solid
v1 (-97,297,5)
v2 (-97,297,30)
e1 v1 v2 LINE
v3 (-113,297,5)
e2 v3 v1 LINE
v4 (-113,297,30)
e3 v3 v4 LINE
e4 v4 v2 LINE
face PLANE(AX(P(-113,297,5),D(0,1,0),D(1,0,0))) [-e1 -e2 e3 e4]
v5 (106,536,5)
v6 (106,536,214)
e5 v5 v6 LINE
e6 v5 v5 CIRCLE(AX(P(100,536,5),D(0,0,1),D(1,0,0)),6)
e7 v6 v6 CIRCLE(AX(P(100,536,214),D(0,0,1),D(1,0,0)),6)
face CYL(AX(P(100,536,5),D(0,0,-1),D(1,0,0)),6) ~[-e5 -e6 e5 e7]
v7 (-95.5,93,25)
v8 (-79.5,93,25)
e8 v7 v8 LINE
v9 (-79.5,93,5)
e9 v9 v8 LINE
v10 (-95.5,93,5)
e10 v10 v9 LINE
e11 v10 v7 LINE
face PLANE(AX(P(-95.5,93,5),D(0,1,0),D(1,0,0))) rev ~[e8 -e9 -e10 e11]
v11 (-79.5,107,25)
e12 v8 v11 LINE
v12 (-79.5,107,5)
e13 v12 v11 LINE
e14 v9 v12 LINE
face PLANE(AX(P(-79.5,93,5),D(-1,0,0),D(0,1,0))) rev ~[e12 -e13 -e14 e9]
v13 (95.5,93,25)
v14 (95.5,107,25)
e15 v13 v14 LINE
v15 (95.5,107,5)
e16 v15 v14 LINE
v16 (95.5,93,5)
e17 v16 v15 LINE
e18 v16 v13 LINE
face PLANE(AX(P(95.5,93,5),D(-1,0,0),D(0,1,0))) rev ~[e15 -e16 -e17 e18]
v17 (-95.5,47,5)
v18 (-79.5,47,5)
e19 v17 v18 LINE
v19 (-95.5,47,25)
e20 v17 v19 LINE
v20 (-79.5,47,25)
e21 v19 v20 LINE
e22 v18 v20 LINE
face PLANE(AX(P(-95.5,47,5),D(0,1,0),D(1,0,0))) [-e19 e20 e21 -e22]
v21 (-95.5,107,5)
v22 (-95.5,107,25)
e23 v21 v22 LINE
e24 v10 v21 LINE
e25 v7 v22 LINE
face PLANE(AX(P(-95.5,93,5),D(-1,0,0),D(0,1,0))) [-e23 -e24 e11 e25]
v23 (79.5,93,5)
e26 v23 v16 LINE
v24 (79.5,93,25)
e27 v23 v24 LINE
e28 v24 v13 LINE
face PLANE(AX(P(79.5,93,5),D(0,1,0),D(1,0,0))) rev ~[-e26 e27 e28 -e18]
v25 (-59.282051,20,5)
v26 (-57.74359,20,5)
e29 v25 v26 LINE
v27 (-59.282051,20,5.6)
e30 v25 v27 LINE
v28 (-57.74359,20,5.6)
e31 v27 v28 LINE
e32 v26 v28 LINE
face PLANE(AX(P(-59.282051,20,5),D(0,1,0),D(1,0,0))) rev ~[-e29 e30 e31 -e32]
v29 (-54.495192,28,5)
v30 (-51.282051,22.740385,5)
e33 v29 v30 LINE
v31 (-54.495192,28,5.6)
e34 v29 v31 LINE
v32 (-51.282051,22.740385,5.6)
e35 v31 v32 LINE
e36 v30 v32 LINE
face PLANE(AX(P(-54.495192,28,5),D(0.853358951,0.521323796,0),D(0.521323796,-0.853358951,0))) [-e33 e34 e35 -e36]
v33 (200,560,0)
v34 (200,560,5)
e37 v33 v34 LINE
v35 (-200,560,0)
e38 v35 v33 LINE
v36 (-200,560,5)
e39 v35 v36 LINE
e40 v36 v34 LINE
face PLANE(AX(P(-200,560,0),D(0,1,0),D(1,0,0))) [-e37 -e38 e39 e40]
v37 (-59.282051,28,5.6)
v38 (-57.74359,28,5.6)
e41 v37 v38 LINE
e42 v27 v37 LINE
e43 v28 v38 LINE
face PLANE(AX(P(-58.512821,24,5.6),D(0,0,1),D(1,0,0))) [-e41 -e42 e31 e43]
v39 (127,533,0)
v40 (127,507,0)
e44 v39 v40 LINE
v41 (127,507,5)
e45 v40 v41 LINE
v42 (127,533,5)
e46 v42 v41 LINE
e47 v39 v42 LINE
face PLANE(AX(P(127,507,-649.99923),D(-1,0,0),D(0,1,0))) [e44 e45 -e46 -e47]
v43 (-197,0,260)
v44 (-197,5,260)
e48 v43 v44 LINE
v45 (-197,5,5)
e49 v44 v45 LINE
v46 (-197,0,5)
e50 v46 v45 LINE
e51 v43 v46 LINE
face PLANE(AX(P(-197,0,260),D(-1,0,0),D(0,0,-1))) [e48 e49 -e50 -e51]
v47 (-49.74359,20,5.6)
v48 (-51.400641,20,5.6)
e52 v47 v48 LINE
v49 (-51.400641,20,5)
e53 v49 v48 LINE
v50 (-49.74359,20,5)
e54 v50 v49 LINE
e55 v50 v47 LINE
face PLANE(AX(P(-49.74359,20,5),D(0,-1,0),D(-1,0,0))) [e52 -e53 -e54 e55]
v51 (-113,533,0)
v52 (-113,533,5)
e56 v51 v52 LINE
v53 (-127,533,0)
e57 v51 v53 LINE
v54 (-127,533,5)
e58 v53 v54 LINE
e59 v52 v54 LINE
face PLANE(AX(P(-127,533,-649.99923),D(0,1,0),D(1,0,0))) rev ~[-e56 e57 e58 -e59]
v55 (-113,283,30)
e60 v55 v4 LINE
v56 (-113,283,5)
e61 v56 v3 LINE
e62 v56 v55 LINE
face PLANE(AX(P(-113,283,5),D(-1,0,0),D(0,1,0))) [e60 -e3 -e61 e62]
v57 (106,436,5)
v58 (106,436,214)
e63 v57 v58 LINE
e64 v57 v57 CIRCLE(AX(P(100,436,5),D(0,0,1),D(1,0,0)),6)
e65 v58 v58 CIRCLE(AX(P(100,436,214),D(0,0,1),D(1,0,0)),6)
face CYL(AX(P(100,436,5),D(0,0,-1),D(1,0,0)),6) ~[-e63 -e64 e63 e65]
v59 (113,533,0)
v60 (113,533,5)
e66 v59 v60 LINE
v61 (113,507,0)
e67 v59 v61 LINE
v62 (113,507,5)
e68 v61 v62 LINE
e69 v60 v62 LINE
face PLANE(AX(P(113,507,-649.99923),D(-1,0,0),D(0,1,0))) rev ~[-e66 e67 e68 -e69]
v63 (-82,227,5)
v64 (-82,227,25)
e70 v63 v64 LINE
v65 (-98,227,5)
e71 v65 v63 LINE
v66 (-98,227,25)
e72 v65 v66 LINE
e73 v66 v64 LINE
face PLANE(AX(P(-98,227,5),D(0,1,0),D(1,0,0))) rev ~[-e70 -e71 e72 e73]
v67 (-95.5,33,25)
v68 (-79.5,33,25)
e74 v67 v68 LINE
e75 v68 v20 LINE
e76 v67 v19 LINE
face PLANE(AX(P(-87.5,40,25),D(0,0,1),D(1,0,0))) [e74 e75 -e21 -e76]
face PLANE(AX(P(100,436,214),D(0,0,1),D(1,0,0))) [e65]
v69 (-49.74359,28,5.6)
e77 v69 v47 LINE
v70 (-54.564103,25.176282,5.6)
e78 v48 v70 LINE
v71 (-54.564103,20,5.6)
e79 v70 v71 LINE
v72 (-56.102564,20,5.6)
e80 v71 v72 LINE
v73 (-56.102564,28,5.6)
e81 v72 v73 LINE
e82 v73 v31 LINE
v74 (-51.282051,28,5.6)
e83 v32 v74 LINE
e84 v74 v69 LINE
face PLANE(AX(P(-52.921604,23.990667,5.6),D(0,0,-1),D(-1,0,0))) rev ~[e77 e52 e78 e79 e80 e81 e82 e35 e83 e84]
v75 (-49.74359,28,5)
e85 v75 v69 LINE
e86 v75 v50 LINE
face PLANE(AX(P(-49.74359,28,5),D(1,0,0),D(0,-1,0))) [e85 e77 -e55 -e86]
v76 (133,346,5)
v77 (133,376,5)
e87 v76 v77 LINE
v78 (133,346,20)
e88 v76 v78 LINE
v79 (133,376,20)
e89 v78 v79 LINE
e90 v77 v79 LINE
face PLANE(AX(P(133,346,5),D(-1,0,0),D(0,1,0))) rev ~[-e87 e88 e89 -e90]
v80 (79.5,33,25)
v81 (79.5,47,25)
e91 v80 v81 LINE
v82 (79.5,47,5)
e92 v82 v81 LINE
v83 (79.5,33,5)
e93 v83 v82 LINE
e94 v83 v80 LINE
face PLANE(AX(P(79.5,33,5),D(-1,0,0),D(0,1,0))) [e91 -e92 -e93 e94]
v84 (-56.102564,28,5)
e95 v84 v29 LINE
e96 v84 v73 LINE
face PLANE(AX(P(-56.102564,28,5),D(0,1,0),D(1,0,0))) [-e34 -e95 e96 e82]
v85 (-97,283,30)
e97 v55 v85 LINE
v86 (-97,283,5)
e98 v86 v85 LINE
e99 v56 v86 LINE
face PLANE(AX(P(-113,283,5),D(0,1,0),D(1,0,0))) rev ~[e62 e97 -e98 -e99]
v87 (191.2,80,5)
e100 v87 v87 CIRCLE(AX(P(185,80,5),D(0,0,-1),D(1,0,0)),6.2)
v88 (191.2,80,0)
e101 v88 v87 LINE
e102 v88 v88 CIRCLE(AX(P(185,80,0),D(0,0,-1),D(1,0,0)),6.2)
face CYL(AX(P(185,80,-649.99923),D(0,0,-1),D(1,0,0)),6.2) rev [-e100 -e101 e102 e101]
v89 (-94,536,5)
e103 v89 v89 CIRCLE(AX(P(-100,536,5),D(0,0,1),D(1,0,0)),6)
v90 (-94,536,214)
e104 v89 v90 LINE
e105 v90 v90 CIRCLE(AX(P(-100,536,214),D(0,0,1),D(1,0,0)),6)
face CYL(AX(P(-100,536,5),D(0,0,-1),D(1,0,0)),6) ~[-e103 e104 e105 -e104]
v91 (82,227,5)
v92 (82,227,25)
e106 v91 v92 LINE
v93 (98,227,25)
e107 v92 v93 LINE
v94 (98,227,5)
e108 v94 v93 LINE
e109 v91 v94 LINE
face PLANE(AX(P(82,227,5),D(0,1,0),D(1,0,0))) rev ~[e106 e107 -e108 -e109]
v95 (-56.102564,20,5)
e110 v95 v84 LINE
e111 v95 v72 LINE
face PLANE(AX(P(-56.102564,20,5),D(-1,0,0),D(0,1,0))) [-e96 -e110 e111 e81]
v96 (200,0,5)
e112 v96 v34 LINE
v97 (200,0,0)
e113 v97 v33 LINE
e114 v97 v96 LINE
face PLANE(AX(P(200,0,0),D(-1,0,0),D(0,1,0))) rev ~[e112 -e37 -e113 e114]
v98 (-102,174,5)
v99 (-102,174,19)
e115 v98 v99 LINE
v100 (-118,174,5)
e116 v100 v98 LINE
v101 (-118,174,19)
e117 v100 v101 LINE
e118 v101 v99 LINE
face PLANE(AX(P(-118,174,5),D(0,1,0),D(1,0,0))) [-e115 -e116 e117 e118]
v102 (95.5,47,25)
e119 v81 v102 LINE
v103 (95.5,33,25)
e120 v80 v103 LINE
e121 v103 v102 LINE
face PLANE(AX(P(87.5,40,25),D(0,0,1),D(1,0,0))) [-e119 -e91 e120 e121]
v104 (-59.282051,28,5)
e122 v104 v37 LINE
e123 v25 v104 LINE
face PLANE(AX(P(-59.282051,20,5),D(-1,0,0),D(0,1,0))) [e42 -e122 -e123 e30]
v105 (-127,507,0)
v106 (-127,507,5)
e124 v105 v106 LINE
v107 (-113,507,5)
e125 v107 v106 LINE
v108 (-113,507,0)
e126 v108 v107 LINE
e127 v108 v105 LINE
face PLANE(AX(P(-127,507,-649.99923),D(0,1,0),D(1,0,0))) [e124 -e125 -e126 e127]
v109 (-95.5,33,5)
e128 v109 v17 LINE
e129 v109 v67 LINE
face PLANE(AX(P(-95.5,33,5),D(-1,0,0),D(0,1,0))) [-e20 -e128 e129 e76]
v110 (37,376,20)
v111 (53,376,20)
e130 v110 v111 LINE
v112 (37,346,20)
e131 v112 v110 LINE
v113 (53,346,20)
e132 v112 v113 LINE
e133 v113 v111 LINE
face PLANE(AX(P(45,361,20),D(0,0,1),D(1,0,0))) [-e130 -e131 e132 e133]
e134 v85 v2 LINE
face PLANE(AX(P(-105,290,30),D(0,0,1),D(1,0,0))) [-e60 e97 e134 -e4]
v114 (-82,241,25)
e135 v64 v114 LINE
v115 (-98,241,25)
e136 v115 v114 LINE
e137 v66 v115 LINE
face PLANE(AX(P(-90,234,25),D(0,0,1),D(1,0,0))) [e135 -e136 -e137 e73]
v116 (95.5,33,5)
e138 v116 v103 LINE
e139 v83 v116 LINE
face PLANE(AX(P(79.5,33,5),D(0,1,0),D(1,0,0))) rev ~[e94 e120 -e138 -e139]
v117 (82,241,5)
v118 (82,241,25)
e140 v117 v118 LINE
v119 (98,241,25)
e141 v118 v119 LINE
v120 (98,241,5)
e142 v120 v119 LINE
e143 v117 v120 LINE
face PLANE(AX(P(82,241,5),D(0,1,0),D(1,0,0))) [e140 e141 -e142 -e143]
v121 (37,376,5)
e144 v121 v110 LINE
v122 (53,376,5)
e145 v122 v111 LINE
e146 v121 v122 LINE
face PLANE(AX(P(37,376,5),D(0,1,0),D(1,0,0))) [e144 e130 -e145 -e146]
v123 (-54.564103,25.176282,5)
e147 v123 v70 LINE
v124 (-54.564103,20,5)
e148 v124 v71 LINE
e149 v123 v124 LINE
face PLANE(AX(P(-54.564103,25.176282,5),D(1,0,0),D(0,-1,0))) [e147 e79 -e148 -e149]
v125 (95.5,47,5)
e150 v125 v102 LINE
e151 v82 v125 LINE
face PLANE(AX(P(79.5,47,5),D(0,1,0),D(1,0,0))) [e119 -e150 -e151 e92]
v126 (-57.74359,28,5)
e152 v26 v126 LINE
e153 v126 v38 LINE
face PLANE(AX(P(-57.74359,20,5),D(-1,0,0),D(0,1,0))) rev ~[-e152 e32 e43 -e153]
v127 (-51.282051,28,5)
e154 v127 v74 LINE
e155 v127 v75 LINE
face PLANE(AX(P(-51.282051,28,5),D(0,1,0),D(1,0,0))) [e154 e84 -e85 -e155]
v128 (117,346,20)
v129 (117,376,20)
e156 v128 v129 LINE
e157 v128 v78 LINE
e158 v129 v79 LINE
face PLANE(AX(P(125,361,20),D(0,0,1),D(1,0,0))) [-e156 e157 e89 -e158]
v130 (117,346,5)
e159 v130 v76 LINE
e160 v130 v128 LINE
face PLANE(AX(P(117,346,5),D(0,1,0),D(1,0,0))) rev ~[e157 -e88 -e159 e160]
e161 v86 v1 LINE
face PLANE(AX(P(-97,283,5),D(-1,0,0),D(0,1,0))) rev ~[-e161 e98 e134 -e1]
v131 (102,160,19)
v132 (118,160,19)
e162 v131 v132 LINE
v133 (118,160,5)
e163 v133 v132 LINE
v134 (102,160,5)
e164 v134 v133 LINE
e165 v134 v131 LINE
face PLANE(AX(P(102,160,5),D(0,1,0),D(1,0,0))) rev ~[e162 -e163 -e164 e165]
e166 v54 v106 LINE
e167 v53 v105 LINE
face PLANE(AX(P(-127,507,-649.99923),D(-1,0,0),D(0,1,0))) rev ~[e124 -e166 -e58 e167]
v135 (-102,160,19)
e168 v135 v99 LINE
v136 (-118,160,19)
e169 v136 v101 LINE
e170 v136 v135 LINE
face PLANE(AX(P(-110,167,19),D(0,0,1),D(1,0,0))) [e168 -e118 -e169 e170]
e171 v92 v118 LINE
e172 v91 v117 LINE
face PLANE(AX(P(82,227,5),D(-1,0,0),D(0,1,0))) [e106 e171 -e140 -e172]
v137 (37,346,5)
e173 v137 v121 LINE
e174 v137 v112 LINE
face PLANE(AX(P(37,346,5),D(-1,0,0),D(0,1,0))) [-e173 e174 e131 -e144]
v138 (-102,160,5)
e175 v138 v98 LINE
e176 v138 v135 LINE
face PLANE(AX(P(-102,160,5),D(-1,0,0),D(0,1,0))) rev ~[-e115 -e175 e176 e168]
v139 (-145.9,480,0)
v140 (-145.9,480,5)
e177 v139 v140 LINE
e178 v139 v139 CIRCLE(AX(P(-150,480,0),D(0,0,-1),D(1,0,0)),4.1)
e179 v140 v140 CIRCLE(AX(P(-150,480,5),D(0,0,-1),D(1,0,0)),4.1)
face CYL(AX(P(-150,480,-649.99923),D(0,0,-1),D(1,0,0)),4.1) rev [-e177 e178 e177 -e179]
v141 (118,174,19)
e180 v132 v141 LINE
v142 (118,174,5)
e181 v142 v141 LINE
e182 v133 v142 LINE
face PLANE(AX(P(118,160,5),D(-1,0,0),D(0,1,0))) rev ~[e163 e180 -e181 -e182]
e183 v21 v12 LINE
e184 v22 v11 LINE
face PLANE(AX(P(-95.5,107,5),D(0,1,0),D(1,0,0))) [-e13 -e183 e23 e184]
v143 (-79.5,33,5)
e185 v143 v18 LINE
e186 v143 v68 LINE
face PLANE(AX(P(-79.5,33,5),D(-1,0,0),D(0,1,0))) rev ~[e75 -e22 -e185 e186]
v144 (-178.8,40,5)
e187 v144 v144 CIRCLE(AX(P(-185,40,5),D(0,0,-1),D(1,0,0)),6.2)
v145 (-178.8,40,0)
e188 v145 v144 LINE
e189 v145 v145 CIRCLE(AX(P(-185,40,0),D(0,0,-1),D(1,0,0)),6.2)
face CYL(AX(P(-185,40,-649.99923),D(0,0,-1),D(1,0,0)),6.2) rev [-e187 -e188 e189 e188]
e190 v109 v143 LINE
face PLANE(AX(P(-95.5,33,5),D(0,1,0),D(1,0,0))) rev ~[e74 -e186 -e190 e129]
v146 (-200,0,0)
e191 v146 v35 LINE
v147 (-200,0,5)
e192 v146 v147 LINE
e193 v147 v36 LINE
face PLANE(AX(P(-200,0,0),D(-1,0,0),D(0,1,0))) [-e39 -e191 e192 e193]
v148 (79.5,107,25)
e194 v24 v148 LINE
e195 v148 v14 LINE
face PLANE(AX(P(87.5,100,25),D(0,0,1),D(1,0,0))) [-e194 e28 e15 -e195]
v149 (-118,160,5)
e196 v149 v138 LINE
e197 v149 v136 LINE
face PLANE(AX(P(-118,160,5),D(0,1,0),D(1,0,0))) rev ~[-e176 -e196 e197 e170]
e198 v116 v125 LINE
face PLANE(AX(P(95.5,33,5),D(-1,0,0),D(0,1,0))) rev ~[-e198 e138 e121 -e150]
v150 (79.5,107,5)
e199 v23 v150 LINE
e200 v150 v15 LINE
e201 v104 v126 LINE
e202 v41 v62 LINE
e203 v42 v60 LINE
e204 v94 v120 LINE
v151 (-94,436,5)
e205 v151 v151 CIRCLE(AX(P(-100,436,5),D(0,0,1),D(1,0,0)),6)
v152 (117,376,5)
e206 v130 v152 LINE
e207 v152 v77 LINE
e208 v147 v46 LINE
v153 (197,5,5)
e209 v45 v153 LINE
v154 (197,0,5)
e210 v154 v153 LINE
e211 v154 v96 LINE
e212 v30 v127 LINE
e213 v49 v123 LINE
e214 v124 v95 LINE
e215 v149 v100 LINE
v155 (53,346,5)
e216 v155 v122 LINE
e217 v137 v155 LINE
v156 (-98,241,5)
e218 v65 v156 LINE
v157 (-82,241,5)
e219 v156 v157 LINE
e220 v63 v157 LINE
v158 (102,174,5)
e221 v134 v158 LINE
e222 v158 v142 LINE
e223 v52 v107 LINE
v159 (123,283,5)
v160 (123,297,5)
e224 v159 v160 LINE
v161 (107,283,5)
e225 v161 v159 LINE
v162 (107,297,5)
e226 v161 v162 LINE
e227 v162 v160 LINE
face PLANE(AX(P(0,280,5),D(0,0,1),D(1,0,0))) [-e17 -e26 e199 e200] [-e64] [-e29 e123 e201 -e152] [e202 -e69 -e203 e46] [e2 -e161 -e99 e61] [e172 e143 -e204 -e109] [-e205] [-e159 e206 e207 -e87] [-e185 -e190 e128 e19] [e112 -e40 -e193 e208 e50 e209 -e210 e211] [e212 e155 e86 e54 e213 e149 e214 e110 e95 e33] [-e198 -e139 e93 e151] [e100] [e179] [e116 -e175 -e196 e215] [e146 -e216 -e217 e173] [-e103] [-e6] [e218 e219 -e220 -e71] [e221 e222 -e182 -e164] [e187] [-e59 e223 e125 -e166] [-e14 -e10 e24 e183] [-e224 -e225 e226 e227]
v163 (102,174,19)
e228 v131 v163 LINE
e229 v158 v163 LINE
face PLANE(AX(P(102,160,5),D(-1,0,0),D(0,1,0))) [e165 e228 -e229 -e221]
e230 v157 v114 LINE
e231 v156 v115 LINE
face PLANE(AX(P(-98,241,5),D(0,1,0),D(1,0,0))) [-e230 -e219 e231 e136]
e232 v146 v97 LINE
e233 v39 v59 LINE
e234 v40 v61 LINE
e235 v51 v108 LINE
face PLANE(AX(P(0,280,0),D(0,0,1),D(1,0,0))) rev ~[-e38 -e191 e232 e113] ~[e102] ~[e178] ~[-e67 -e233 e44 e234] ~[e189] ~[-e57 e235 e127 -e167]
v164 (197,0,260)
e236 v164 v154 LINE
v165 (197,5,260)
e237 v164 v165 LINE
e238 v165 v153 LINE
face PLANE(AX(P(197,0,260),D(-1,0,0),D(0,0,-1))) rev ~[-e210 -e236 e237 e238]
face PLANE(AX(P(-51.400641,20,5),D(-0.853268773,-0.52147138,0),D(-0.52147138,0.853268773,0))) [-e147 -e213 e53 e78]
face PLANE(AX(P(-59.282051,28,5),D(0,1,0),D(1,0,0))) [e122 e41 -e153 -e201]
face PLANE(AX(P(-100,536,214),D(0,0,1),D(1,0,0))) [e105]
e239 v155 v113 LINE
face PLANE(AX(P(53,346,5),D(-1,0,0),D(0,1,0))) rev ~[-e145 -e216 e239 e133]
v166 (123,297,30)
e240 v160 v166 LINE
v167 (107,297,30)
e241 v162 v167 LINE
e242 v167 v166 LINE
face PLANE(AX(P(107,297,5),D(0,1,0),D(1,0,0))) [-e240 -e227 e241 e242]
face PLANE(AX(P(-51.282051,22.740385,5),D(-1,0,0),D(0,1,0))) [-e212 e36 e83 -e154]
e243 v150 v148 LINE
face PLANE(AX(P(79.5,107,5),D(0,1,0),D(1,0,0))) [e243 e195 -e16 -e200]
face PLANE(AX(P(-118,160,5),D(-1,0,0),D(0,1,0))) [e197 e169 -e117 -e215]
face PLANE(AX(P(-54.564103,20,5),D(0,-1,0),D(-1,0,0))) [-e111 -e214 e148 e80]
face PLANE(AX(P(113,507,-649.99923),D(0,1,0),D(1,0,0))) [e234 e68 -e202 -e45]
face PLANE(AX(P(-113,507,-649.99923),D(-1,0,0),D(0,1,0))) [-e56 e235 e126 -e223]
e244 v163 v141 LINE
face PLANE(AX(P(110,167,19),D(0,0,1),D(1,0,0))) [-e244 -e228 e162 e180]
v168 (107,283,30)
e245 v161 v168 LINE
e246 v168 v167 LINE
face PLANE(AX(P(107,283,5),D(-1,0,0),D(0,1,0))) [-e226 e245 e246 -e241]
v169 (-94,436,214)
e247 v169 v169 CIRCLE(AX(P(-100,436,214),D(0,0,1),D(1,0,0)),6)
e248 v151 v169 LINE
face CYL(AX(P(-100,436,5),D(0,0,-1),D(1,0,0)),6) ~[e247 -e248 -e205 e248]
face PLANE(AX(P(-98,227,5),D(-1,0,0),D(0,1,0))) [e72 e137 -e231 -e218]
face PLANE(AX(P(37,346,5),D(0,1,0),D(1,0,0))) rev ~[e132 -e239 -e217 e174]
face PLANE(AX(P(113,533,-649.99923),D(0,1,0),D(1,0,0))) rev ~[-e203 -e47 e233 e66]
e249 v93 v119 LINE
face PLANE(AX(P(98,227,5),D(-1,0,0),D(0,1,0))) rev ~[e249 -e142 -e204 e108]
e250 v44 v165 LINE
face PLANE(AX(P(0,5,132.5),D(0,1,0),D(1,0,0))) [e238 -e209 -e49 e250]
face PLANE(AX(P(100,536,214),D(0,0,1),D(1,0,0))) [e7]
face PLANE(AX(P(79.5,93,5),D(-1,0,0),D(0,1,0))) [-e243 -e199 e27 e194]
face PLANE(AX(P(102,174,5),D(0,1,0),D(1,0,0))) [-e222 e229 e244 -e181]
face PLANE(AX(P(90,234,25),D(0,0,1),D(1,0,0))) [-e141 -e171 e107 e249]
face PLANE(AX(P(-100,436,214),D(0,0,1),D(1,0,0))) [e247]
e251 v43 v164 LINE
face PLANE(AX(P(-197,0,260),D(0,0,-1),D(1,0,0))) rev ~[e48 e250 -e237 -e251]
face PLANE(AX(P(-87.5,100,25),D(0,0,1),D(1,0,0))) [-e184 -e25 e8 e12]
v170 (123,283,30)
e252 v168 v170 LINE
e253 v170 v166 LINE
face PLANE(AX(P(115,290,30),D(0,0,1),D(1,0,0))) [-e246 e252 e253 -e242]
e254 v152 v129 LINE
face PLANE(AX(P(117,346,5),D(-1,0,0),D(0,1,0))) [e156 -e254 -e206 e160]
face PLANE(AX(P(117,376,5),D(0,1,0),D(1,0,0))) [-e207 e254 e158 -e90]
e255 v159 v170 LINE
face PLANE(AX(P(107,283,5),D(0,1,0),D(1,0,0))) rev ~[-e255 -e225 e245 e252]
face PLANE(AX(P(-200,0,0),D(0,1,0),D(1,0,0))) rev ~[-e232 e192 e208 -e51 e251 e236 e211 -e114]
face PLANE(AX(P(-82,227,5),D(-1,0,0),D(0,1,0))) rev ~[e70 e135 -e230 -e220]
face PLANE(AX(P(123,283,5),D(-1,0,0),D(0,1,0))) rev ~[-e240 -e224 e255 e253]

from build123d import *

# Parameters (mm, degrees)
SKETCH1_W                  = 400
SKETCH1_H                  = 560
PANEL_DEPTH                = 5
SKETCH2_W                  = 394
SKETCH2_H                  = 255
SHELF_DEPTH                = 5
WALL_KEYHOLES_DEPTH        = 649.999229584
WALL_KEYHOLES_DEPTH_BACK   = 649.999229584
SKETCH3_W                  = 14
SKETCH3_H                  = 26
CONNECTOR_HOLES_DEPTH      = 649.999229584
CONNECTOR_HOLES_DEPTH_BACK = 649.999229584
SKETCH4_R                  = 6.2
SKETCH4_R_2                = 4.1
MODULE_POSTS_START         = 5
SKETCH5_R                  = 6
MODULE_POSTS_DEPTH         = 209
SADDLES_SED_START          = 5
SKETCH6_W                  = 16
SKETCH6_H                  = 14
SADDLES_SED_DEPTH          = 20
SADDLES_CARB_START         = 5
SKETCH7_W                  = 16
SKETCH7_H                  = 14
SADDLES_CARB_DEPTH         = 20
SADDLES_RO_START           = 5
SKETCH8_W                  = 16
SKETCH8_H                  = 14
SADDLES_RO_DEPTH           = 14
SADDLES_UF_START           = 5
SKETCH9_W                  = 16
SKETCH9_H                  = 14
SADDLES_UF_DEPTH           = 20
SADDLES_UVC_START          = 5
SKETCH10_W                 = 16
SKETCH10_H                 = 14
SADDLES_UVC_DEPTH          = 25
PUMP_MOUNT_POSTS_START     = 5
SKETCH11_W                 = 16
SKETCH11_H                 = 30
PUMP_MOUNT_POSTS_DEPTH     = 15
LABEL_IN_START             = 5
SKETCH12_W                 = 1.538461538
SKETCH12_H                 = 8
LABEL_IN_DEPTH             = 0.6


with BuildPart() as part:
    # Sketch1 → Panel (new body)
    with BuildSketch(Plane.XY):
        with Locations((0, 280)):
            Rectangle(SKETCH1_W, SKETCH1_H)
    extrude(amount=PANEL_DEPTH)

    # Sketch2 → Shelf (add)
    with BuildSketch(Plane(origin=(0, 0, 0), x_dir=(1, 0, 0), z_dir=(0, 1, 0))):
        with Locations((0, -132.5)):
            Rectangle(SKETCH2_W, SKETCH2_H)
    extrude(amount=SHELF_DEPTH)

    # Sketch3 → Wall_Keyholes (cut, two sides: drawn at the far end of the back side and taken through both)
    with BuildSketch(Plane.XY.offset(-WALL_KEYHOLES_DEPTH_BACK)):
        with Locations((-120, 520)):
            Rectangle(SKETCH3_W, SKETCH3_H)
        with Locations((120, 520)):
            Rectangle(SKETCH3_W, SKETCH3_H)
    extrude(amount=WALL_KEYHOLES_DEPTH + WALL_KEYHOLES_DEPTH_BACK, mode=Mode.SUBTRACT)

    # Sketch4 → Connector_Holes (cut, two sides: drawn at the far end of the back side and taken through both)
    with BuildSketch(Plane.XY.offset(-CONNECTOR_HOLES_DEPTH_BACK)):
        with Locations((-185, 40)):
            Circle(SKETCH4_R)
        with Locations((185, 80)):
            Circle(SKETCH4_R)
        with Locations((-150, 480)):
            Circle(SKETCH4_R_2)
    extrude(amount=CONNECTOR_HOLES_DEPTH + CONNECTOR_HOLES_DEPTH_BACK, mode=Mode.SUBTRACT)

    # Sketch5 → Module_Posts (add)
    with BuildSketch(Plane.XY.offset(MODULE_POSTS_START)):
        with Locations((-100, 436)):
            Circle(SKETCH5_R)
        with Locations((-100, 536)):
            Circle(SKETCH5_R)
        with Locations((100, 436)):
            Circle(SKETCH5_R)
        with Locations((100, 536)):
            Circle(SKETCH5_R)
    extrude(amount=MODULE_POSTS_DEPTH)

    # Sketch6 → Saddles_SED (add)
    with BuildSketch(Plane.XY.offset(SADDLES_SED_START)):
        with Locations((-87.5, 40)):
            Rectangle(SKETCH6_W, SKETCH6_H)
        with Locations((87.5, 40)):
            Rectangle(SKETCH6_W, SKETCH6_H)
    extrude(amount=SADDLES_SED_DEPTH)

    # Sketch7 → Saddles_CARB (add)
    with BuildSketch(Plane.XY.offset(SADDLES_CARB_START)):
        with Locations((-87.5, 100)):
            Rectangle(SKETCH7_W, SKETCH7_H)
        with Locations((87.5, 100)):
            Rectangle(SKETCH7_W, SKETCH7_H)
    extrude(amount=SADDLES_CARB_DEPTH)

    # Sketch8 → Saddles_RO (add)
    with BuildSketch(Plane.XY.offset(SADDLES_RO_START)):
        with Locations((-110, 167)):
            Rectangle(SKETCH8_W, SKETCH8_H)
        with Locations((110, 167)):
            Rectangle(SKETCH8_W, SKETCH8_H)
    extrude(amount=SADDLES_RO_DEPTH)

    # Sketch9 → Saddles_UF (add)
    with BuildSketch(Plane.XY.offset(SADDLES_UF_START)):
        with Locations((-90, 234)):
            Rectangle(SKETCH9_W, SKETCH9_H)
        with Locations((90, 234)):
            Rectangle(SKETCH9_W, SKETCH9_H)
    extrude(amount=SADDLES_UF_DEPTH)

    # Sketch10 → Saddles_UVC (add)
    with BuildSketch(Plane.XY.offset(SADDLES_UVC_START)):
        with Locations((-105, 290)):
            Rectangle(SKETCH10_W, SKETCH10_H)
        with Locations((115, 290)):
            Rectangle(SKETCH10_W, SKETCH10_H)
    extrude(amount=SADDLES_UVC_DEPTH)

    # Sketch11 → Pump_Mount_Posts (add)
    with BuildSketch(Plane.XY.offset(PUMP_MOUNT_POSTS_START)):
        with Locations((45, 361)):
            Rectangle(SKETCH11_W, SKETCH11_H)
        with Locations((125, 361)):
            Rectangle(SKETCH11_W, SKETCH11_H)
    extrude(amount=PUMP_MOUNT_POSTS_DEPTH)

    # Sketch12 → Label_IN (add)
    with BuildSketch(Plane.XY.offset(LABEL_IN_START)):
        with Locations((-58.512820513, 24)):
            Rectangle(SKETCH12_W, SKETCH12_H)
        Polygon((-56.102564103, 20), (-56.102564103, 28), (-54.495192308, 28), (-51.282051282, 22.740384615), (-51.282051282, 28), (-49.743589744, 28), (-49.743589744, 20), (-51.400641026, 20), (-54.564102564, 25.176282051), (-54.564102564, 20), align=None)
    extrude(amount=LABEL_IN_DEPTH)


solid = part.part
